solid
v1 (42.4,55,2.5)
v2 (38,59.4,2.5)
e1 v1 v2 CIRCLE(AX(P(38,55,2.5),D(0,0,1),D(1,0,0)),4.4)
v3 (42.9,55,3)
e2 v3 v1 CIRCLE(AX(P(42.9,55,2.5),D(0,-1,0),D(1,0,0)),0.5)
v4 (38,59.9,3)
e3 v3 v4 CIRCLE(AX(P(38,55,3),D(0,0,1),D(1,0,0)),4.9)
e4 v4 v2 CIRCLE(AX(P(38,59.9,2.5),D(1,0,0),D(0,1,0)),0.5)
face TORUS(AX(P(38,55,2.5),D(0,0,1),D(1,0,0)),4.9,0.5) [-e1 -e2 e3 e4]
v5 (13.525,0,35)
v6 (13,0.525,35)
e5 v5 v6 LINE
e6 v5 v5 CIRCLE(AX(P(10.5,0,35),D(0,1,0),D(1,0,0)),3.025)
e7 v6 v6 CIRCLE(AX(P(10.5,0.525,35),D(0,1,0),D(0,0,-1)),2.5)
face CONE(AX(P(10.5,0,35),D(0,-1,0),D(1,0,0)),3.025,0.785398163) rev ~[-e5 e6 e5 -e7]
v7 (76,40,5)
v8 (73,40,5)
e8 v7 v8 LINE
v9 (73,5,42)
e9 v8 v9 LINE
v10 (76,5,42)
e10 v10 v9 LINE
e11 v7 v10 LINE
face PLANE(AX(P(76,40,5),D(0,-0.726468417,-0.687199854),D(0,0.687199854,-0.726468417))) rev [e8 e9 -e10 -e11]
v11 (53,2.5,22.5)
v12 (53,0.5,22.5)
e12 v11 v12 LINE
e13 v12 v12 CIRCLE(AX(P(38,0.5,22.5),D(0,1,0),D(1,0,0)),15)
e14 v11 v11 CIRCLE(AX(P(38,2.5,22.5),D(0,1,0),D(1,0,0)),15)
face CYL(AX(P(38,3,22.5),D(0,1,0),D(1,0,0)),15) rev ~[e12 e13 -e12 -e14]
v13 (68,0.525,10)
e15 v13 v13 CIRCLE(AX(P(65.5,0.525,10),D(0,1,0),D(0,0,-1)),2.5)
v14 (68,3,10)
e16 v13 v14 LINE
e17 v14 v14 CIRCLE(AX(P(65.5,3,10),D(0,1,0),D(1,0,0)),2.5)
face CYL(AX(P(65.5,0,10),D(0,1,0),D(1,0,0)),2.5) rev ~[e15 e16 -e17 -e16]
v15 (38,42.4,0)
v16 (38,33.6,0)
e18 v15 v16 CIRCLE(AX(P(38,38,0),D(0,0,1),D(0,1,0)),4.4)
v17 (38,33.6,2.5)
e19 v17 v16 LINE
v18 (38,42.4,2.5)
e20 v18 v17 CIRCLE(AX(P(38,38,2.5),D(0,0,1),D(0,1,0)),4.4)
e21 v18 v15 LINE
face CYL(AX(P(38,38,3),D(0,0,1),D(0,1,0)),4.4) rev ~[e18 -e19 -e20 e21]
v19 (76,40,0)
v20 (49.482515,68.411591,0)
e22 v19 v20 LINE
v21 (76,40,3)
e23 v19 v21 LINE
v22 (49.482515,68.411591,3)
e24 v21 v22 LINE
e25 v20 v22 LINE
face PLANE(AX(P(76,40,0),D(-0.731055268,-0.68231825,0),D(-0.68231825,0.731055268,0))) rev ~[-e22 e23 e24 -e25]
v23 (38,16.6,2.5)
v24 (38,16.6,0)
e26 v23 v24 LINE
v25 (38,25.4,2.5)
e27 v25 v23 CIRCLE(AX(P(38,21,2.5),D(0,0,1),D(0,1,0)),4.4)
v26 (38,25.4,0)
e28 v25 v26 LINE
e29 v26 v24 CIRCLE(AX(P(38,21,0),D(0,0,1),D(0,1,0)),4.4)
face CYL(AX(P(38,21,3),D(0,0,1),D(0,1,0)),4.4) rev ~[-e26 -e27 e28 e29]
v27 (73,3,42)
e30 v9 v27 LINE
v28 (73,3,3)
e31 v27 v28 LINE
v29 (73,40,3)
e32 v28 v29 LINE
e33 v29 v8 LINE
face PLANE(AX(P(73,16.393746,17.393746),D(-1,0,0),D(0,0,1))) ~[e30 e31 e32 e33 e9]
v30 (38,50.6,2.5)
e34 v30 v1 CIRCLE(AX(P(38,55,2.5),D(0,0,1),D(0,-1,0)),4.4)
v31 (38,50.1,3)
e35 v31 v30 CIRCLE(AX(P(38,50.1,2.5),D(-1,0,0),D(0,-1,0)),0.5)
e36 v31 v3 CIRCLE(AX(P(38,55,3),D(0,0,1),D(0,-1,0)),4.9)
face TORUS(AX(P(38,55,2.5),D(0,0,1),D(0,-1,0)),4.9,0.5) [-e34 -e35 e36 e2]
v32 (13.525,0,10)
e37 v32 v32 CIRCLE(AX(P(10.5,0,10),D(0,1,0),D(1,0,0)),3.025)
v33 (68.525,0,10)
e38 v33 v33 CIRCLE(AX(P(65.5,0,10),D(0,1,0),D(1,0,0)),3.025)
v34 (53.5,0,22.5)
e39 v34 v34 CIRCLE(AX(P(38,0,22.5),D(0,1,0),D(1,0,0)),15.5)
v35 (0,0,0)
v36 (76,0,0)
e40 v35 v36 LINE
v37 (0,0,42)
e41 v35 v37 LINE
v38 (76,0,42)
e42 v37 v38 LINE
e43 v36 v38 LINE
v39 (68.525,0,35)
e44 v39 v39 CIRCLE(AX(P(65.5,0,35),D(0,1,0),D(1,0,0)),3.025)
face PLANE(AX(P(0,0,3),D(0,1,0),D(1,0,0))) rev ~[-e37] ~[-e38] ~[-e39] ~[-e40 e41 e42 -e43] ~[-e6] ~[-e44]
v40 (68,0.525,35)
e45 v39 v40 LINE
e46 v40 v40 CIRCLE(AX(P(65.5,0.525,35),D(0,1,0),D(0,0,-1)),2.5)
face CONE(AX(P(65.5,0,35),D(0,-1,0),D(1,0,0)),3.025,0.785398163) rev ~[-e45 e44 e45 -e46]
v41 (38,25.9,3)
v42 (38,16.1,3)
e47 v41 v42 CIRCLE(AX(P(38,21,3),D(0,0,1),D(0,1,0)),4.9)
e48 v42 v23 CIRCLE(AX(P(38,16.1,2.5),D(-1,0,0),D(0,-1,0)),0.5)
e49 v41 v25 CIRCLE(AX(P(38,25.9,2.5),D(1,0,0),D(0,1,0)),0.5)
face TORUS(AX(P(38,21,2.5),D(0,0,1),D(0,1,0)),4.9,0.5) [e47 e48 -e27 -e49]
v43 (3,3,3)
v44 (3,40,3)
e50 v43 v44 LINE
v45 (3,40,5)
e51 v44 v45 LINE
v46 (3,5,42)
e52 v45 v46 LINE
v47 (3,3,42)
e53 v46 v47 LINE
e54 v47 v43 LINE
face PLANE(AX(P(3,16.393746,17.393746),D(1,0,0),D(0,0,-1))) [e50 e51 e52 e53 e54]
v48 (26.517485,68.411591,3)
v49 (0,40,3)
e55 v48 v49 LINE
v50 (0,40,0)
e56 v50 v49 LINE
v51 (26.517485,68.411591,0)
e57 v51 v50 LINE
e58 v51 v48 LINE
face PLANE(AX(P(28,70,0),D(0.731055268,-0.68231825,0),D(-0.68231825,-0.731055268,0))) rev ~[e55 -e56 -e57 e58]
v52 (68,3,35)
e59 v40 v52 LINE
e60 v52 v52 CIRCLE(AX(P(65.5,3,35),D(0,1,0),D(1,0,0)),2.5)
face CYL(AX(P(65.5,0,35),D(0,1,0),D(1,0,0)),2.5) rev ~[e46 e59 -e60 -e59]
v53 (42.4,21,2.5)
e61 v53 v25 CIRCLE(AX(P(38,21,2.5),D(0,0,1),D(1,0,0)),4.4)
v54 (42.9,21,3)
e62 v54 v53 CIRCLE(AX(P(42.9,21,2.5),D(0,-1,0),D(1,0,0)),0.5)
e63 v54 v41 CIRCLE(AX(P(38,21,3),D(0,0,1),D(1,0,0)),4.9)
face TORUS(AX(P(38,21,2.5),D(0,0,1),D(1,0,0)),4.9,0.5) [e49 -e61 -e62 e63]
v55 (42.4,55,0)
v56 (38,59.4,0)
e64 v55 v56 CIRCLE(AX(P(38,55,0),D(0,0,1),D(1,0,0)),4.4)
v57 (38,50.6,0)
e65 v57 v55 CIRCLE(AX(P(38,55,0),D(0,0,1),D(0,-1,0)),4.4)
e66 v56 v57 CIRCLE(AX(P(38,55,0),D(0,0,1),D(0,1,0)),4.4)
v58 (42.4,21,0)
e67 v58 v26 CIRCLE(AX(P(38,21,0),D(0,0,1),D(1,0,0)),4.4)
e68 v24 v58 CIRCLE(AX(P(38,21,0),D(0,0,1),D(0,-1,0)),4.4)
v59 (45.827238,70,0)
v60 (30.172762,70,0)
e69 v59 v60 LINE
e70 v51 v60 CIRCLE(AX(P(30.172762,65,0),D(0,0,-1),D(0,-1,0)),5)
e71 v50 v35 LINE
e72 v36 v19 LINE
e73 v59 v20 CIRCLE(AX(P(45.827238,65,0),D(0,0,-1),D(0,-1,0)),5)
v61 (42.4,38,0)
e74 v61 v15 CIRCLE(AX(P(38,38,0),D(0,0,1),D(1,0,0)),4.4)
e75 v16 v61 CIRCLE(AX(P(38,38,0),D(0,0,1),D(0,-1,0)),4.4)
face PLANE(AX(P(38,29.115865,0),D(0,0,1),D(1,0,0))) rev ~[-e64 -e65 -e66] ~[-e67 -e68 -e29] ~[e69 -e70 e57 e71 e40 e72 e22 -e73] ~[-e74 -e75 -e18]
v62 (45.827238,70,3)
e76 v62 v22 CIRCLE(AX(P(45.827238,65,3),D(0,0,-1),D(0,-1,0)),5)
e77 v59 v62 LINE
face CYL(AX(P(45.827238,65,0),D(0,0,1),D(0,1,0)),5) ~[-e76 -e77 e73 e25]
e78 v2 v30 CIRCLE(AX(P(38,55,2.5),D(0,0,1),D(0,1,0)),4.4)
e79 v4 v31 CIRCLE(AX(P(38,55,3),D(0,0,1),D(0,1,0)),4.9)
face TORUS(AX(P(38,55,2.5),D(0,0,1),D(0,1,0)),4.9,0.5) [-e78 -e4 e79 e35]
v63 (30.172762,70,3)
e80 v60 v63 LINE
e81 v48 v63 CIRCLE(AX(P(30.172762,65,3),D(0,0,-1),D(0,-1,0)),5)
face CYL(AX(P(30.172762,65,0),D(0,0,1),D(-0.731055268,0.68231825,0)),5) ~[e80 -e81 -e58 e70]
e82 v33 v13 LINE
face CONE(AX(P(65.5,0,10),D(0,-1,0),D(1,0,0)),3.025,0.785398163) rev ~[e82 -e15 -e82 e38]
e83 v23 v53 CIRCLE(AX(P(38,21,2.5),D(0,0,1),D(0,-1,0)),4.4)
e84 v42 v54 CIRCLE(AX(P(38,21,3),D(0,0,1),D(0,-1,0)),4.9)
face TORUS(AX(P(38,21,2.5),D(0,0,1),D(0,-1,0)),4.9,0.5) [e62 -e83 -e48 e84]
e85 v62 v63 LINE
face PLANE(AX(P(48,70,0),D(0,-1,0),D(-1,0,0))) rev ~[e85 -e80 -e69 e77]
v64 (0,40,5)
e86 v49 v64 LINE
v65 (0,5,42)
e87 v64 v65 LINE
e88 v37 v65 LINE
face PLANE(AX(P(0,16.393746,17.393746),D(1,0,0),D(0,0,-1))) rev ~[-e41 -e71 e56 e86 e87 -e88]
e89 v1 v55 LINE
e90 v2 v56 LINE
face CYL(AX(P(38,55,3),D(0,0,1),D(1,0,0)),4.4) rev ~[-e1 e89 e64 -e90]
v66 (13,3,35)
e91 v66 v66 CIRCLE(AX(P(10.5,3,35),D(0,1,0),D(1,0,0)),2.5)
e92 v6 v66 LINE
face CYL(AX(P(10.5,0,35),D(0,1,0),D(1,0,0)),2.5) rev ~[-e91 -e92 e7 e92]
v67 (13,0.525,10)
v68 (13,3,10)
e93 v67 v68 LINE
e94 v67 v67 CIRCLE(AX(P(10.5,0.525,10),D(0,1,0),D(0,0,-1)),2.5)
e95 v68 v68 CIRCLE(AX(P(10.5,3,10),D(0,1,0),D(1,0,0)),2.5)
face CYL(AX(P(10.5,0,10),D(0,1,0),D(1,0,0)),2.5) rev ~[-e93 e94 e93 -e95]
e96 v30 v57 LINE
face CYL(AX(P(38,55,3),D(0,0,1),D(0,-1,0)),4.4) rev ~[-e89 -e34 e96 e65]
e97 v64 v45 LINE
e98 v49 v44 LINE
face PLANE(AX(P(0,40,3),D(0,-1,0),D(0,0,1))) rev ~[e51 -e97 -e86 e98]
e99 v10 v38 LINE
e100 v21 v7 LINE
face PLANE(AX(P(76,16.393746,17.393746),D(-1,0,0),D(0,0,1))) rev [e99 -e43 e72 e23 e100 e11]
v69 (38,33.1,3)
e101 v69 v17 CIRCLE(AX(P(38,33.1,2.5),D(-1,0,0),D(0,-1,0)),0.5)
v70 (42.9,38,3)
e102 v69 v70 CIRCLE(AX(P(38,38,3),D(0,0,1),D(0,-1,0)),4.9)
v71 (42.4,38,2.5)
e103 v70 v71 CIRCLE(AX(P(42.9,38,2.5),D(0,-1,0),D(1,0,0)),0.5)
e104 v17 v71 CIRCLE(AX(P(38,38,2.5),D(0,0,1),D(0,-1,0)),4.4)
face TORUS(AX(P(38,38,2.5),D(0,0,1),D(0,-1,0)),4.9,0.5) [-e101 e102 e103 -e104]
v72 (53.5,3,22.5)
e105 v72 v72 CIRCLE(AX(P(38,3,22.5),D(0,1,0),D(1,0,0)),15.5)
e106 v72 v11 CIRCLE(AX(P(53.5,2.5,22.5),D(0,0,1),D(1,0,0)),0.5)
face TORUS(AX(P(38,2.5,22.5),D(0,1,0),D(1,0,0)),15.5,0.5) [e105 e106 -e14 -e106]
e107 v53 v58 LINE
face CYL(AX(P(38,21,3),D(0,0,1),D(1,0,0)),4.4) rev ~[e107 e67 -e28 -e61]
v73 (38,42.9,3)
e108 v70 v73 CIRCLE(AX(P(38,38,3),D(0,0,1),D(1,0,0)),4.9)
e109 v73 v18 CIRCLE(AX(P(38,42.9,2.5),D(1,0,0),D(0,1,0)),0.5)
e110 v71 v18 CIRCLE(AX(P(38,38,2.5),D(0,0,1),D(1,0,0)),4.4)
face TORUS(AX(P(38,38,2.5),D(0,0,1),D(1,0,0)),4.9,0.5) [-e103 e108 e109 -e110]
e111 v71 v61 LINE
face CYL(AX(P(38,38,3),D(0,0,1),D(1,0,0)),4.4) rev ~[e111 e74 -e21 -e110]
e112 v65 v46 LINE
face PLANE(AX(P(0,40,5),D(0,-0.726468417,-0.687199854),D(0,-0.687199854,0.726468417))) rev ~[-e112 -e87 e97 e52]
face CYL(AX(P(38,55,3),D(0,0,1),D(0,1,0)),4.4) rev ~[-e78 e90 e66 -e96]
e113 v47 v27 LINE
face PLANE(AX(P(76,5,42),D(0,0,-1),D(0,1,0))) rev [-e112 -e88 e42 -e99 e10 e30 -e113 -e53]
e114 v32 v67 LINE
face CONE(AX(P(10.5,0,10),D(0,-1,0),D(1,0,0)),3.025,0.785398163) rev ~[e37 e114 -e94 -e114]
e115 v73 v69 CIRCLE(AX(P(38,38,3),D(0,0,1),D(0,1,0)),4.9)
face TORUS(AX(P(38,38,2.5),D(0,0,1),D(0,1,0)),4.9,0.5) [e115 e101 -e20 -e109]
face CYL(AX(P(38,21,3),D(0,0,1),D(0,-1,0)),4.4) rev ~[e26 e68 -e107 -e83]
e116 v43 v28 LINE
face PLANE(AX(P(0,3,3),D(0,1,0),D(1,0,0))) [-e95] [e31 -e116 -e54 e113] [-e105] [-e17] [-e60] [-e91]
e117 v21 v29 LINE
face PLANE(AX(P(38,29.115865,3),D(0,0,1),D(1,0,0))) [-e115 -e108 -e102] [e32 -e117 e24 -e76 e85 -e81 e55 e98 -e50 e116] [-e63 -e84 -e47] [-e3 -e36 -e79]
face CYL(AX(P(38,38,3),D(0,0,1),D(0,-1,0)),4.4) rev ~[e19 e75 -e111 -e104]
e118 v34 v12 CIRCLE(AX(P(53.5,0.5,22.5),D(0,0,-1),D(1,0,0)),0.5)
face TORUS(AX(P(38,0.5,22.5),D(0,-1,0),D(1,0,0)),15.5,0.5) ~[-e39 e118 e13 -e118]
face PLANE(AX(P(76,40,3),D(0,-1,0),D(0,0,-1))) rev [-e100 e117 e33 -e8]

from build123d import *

# Parameters (mm, degrees)
EXTRUDE_1_DEPTH              = 3
SKETCH_2_W                   = 76
SKETCH_2_H                   = 3
EXTRUDE_2_DEPTH              = 39
CUT_EXTRUDE_1_DEPTH          = 52
CUT_EXTRUDE_2_DEPTH          = 52
EXTRUDE_3_DEPTH              = 3
HOLE_WIZARD_M6_2_D           = 5
HOLE_WIZARD_M6_2_CSINK_D     = 6.05
HOLE_WIZARD_M6_2_CSINK_ANGLE = 90
FILLET_4_R                   = 5
FILLET_5_R                   = 0.5


with BuildPart() as part:
    # 草图1 → 凸台-拉伸1 (new body)
    with BuildSketch(Plane.XY):
        Polygon((48, 70), (28, 70), (0, 40), (0, 0), (76, 0), (76, 40), align=None)
    extrude(amount=EXTRUDE_1_DEPTH)

    # 草图2 → 凸台-拉伸2 (add)
    with BuildSketch(Plane.XY.offset(3)):
        with Locations((38, 1.5)):
            Rectangle(SKETCH_2_W, SKETCH_2_H)
    extrude(amount=EXTRUDE_2_DEPTH)

    # 草图7 → 切除-拉伸1 (cut)
    with BuildSketch(Plane.XY.offset(3)):
        with BuildLine():
            ThreePointArc((42.4, 55), (41.111269837, 58.111269837), (38, 59.4))
            Line((38, 59.4), (38, 50.6))
            ThreePointArc((38, 50.6), (41.111269837, 51.888730163), (42.4, 55))
        make_face()
        with BuildLine():
            Line((38, 50.6), (38, 59.4))
            ThreePointArc((38, 59.4), (33.6, 55), (38, 50.6))
        make_face()
        with BuildLine():
            ThreePointArc((42.4, 38), (41.111269837, 41.111269837), (38, 42.4))
            Line((38, 42.4), (38, 33.6))
            ThreePointArc((38, 33.6), (41.111269837, 34.888730163), (42.4, 38))
        make_face()
        with BuildLine():
            Line((38, 33.6), (38, 42.4))
            ThreePointArc((38, 42.4), (33.6, 38), (38, 33.6))
        make_face()
        with BuildLine():
            ThreePointArc((42.4, 21), (41.111269837, 24.111269837), (38, 25.4))
            Line((38, 25.4), (38, 16.6))
            ThreePointArc((38, 16.6), (41.111269837, 17.888730163), (42.4, 21))
        make_face()
        with BuildLine():
            Line((38, 16.6), (38, 25.4))
            ThreePointArc((38, 25.4), (33.6, 21), (38, 16.6))
        make_face()
    extrude(amount=-CUT_EXTRUDE_1_DEPTH, mode=Mode.SUBTRACT)

    # 草图8 → 切除-拉伸2 (cut)
    with BuildSketch(Plane(origin=(0, 3, 0), x_dir=(1, 0, 0), z_dir=(0, 1, 0))):
        with BuildLine():
            ThreePointArc((23, -22.5), (38, -37.5), (53, -22.5))
            Line((53, -22.5), (23, -22.5))
        make_face()
        with BuildLine():
            Line((23, -22.5), (53, -22.5))
            ThreePointArc((53, -22.5), (38, -7.5), (23, -22.5))
        make_face()
    extrude(amount=-CUT_EXTRUDE_2_DEPTH, mode=Mode.SUBTRACT)

    # 草图10 → 凸台-拉伸3 (add)
    with BuildSketch(Plane.ZY):
        Polygon((3, 40), (5, 40), (42, 5), (42, 3), (3, 3), align=None)
    extrude_3 = extrude(amount=-EXTRUDE_3_DEPTH)

    # 镜向1: 凸台-拉伸3 across plane
    add(extrude_3.mirror(Plane(origin=(38, 0, 0), x_dir=(0, 0, 1), z_dir=(1, 0, 0))))

    # M6 螺纹孔2 (through all)
    with Locations(Plane(origin=(0, 0, 0), x_dir=(-1, 0, 0), z_dir=(0, -1, 0))):
        with Locations((-65.5, -10), (-10.5, -10), (-10.5, -35), (-65.5, -35)):
            CounterSinkHole(HOLE_WIZARD_M6_2_D / 2, HOLE_WIZARD_M6_2_CSINK_D / 2, counter_sink_angle=HOLE_WIZARD_M6_2_CSINK_ANGLE)

    # 圆角4
    fillet_4_edges = [part.edges().sort_by_distance(p)[0] for p in [
        (48, 70, 1.5),
        (28, 70, 1.5),
    ]]
    fillet(fillet_4_edges, radius=FILLET_4_R)

    # 圆角5
    fillet_5_edges = [part.edges().sort_by_distance(p)[0] for p in [
        (38, 50.6, 3),
        (38, 33.6, 3),
        (38, 16.6, 3),
        (23, 0, 22.5),
        (23, 3, 22.5),
    ]]
    fillet(fillet_5_edges, radius=FILLET_5_R)


solid = part.part
